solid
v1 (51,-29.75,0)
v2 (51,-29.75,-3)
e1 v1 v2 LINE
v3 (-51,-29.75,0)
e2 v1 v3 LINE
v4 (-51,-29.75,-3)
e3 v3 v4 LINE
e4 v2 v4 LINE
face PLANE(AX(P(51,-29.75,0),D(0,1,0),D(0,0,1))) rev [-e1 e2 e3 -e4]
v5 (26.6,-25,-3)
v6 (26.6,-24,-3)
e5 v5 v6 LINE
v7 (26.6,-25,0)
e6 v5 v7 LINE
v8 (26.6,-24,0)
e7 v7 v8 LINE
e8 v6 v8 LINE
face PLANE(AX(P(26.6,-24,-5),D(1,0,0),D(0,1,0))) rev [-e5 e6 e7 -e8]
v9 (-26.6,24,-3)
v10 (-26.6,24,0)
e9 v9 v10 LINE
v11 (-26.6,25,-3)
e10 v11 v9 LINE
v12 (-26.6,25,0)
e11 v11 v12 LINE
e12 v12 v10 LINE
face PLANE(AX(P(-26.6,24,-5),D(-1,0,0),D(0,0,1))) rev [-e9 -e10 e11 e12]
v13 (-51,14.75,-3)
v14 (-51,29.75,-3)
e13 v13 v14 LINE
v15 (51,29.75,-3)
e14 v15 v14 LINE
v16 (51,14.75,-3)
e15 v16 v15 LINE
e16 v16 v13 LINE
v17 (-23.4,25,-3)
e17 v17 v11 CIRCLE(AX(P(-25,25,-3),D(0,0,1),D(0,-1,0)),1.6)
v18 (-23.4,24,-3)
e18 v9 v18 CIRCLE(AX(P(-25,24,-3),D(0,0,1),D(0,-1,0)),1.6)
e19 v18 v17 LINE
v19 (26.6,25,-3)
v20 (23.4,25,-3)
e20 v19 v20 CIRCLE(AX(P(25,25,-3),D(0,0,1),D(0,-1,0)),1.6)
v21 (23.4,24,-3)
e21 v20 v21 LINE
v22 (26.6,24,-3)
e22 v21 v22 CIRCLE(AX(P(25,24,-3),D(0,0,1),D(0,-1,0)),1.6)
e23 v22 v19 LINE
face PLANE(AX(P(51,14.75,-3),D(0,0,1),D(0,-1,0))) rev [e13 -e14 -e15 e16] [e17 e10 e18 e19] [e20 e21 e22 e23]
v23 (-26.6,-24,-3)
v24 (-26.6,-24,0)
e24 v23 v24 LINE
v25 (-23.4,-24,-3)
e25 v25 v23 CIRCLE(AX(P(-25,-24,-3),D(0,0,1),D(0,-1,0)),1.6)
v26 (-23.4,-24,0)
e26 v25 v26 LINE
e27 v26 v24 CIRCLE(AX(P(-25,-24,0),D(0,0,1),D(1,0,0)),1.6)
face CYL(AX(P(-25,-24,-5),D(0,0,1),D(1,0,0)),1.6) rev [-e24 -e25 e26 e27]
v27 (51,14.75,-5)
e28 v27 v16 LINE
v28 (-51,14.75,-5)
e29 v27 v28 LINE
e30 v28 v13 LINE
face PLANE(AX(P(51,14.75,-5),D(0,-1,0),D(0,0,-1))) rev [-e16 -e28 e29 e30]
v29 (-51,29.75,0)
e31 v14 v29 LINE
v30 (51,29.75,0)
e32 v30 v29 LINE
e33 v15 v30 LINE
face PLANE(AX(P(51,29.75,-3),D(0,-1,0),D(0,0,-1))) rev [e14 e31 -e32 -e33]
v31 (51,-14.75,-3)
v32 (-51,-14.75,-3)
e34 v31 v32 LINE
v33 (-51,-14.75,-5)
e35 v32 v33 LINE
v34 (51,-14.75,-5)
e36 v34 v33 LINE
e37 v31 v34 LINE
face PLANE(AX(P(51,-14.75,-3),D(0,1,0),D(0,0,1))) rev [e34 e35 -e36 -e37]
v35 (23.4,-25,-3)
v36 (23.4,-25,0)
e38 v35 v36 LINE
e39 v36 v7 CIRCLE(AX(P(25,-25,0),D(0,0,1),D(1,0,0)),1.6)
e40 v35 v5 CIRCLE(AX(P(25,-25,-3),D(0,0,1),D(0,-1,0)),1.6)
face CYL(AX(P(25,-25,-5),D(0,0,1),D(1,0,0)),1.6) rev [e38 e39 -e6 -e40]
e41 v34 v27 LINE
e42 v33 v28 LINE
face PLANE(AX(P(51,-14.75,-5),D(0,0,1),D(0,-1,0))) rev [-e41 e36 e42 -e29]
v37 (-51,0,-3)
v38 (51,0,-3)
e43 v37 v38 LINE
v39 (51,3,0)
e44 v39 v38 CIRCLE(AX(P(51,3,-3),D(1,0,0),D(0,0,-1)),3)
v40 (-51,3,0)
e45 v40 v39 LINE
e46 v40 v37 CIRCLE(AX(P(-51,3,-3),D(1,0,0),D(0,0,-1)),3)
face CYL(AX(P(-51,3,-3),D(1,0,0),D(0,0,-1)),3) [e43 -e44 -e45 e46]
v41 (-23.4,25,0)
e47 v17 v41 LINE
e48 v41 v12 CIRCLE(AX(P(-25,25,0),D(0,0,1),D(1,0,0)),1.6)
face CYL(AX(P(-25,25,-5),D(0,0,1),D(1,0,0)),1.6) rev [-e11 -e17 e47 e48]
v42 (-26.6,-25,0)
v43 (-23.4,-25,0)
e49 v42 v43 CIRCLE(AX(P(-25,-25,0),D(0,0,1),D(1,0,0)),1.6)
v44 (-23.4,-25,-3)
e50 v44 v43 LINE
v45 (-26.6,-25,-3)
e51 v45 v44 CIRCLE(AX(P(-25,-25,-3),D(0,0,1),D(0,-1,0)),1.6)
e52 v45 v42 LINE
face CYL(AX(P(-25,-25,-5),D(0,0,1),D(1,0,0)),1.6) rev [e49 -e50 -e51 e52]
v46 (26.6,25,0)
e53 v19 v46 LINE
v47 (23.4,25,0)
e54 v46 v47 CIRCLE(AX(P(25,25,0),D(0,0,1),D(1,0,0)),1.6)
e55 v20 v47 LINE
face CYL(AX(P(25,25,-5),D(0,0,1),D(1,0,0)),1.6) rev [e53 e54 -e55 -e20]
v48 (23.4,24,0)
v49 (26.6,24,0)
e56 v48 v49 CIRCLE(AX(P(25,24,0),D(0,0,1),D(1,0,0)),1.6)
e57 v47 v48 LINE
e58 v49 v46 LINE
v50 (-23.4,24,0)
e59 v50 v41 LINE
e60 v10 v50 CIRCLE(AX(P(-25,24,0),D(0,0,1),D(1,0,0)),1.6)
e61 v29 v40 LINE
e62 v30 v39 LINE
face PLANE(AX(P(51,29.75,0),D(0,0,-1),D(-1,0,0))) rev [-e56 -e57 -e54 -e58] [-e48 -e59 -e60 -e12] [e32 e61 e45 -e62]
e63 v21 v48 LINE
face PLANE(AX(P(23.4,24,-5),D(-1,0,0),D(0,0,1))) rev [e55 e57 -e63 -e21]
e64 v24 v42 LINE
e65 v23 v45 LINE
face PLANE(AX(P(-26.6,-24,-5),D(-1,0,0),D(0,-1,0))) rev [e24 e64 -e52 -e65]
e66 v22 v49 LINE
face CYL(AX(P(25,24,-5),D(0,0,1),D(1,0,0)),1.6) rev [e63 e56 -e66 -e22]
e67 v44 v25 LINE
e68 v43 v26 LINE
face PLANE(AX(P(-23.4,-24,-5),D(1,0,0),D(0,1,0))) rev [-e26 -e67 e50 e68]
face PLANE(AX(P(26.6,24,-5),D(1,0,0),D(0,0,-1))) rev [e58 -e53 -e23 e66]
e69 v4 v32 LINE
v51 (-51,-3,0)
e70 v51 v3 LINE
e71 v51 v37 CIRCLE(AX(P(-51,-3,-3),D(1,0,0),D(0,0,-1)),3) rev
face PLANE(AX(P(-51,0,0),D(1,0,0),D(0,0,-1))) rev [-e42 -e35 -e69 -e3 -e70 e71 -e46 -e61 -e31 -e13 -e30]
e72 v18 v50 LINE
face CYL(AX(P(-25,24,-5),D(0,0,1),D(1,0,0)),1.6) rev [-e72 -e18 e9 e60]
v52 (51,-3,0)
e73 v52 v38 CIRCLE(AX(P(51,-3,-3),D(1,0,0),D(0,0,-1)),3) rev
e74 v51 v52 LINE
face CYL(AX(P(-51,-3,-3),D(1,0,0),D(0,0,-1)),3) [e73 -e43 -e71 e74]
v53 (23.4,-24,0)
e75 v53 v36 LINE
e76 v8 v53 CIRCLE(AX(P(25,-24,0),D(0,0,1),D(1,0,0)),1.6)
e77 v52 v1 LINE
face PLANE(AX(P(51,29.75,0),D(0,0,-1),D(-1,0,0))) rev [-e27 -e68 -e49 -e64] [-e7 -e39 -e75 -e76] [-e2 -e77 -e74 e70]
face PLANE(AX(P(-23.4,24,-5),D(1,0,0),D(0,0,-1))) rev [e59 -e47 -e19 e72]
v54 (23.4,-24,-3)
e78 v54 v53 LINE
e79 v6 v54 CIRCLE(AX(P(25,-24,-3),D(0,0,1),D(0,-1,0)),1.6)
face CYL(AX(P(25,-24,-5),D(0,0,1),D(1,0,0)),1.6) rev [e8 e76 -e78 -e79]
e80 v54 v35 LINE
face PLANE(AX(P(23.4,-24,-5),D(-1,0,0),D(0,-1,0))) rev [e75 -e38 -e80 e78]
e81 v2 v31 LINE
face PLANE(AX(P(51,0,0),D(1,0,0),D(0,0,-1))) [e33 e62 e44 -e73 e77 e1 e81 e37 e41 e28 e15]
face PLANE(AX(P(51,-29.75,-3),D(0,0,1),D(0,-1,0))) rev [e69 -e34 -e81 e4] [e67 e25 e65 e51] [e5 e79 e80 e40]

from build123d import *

# Parameters (mm, degrees)
BOSS_EXTRUDE1_DEPTH = 51
CUT_EXTRUDE1_DEPTH  = 6
GREEBLE1_DEPTH      = 52
GREEBLE1_DEPTH_BACK = 52


with BuildPart() as part:
    # Sketch1 → Boss-Extrude1 (new body, symmetric)
    with BuildSketch(Plane(origin=(0, 0, 0), x_dir=(0, 0, -1), z_dir=(1, 0, 0))):
        Polygon((0, 29.75), (0, -29.75), (3, -29.75), (3, -14.75), (5, -14.75), (5, 14.75), (3, 14.75), (3, 29.75), align=None)
    extrude(amount=BOSS_EXTRUDE1_DEPTH, both=True)

    # Sketch3 → Cut-Extrude1 (cut, through all)
    with BuildSketch(Plane.XY):
        with BuildLine():
            Line((23.4, 24), (23.4, 25))
            ThreePointArc((23.4, 25), (25, 26.6), (26.6, 25))
            Line((26.6, 25), (26.6, 24))
            ThreePointArc((26.6, 24), (25, 22.4), (23.4, 24))
        make_face()
        with BuildLine():
            Line((-26.6, 24), (-26.6, 25))
            ThreePointArc((-26.6, 25), (-25, 26.6), (-23.4, 25))
            Line((-23.4, 25), (-23.4, 24))
            ThreePointArc((-23.4, 24), (-25, 22.4), (-26.6, 24))
        make_face()
        with BuildLine():
            Line((26.6, -24), (26.6, -25))
            ThreePointArc((26.6, -25), (25, -26.6), (23.4, -25))
            Line((23.4, -25), (23.4, -24))
            ThreePointArc((23.4, -24), (25, -22.4), (26.6, -24))
        make_face()
        with BuildLine():
            Line((-23.4, -24), (-23.4, -25))
            ThreePointArc((-23.4, -25), (-25, -26.6), (-26.6, -25))
            Line((-26.6, -25), (-26.6, -24))
            ThreePointArc((-26.6, -24), (-25, -22.4), (-23.4, -24))
        make_face()
    extrude(amount=-CUT_EXTRUDE1_DEPTH, mode=Mode.SUBTRACT)

    # Sketch6 → Greeble1 (cut, two sides)
    with BuildSketch(Plane(origin=(0, 0, 0), x_dir=(0, 0, -1), z_dir=(1, 0, 0))) as greeble1_sk:
        with BuildLine():
            ThreePointArc((3, 0), (0.878679656, 0.878679656), (0, 3))
            Line((0, 3), (0, -3))
            ThreePointArc((0, -3), (0.878679656, -0.878679656), (3, 0))
        make_face()
    extrude(amount=GREEBLE1_DEPTH, mode=Mode.SUBTRACT)
    extrude(greeble1_sk.sketch, amount=-GREEBLE1_DEPTH_BACK, mode=Mode.SUBTRACT)


solid = part.part
